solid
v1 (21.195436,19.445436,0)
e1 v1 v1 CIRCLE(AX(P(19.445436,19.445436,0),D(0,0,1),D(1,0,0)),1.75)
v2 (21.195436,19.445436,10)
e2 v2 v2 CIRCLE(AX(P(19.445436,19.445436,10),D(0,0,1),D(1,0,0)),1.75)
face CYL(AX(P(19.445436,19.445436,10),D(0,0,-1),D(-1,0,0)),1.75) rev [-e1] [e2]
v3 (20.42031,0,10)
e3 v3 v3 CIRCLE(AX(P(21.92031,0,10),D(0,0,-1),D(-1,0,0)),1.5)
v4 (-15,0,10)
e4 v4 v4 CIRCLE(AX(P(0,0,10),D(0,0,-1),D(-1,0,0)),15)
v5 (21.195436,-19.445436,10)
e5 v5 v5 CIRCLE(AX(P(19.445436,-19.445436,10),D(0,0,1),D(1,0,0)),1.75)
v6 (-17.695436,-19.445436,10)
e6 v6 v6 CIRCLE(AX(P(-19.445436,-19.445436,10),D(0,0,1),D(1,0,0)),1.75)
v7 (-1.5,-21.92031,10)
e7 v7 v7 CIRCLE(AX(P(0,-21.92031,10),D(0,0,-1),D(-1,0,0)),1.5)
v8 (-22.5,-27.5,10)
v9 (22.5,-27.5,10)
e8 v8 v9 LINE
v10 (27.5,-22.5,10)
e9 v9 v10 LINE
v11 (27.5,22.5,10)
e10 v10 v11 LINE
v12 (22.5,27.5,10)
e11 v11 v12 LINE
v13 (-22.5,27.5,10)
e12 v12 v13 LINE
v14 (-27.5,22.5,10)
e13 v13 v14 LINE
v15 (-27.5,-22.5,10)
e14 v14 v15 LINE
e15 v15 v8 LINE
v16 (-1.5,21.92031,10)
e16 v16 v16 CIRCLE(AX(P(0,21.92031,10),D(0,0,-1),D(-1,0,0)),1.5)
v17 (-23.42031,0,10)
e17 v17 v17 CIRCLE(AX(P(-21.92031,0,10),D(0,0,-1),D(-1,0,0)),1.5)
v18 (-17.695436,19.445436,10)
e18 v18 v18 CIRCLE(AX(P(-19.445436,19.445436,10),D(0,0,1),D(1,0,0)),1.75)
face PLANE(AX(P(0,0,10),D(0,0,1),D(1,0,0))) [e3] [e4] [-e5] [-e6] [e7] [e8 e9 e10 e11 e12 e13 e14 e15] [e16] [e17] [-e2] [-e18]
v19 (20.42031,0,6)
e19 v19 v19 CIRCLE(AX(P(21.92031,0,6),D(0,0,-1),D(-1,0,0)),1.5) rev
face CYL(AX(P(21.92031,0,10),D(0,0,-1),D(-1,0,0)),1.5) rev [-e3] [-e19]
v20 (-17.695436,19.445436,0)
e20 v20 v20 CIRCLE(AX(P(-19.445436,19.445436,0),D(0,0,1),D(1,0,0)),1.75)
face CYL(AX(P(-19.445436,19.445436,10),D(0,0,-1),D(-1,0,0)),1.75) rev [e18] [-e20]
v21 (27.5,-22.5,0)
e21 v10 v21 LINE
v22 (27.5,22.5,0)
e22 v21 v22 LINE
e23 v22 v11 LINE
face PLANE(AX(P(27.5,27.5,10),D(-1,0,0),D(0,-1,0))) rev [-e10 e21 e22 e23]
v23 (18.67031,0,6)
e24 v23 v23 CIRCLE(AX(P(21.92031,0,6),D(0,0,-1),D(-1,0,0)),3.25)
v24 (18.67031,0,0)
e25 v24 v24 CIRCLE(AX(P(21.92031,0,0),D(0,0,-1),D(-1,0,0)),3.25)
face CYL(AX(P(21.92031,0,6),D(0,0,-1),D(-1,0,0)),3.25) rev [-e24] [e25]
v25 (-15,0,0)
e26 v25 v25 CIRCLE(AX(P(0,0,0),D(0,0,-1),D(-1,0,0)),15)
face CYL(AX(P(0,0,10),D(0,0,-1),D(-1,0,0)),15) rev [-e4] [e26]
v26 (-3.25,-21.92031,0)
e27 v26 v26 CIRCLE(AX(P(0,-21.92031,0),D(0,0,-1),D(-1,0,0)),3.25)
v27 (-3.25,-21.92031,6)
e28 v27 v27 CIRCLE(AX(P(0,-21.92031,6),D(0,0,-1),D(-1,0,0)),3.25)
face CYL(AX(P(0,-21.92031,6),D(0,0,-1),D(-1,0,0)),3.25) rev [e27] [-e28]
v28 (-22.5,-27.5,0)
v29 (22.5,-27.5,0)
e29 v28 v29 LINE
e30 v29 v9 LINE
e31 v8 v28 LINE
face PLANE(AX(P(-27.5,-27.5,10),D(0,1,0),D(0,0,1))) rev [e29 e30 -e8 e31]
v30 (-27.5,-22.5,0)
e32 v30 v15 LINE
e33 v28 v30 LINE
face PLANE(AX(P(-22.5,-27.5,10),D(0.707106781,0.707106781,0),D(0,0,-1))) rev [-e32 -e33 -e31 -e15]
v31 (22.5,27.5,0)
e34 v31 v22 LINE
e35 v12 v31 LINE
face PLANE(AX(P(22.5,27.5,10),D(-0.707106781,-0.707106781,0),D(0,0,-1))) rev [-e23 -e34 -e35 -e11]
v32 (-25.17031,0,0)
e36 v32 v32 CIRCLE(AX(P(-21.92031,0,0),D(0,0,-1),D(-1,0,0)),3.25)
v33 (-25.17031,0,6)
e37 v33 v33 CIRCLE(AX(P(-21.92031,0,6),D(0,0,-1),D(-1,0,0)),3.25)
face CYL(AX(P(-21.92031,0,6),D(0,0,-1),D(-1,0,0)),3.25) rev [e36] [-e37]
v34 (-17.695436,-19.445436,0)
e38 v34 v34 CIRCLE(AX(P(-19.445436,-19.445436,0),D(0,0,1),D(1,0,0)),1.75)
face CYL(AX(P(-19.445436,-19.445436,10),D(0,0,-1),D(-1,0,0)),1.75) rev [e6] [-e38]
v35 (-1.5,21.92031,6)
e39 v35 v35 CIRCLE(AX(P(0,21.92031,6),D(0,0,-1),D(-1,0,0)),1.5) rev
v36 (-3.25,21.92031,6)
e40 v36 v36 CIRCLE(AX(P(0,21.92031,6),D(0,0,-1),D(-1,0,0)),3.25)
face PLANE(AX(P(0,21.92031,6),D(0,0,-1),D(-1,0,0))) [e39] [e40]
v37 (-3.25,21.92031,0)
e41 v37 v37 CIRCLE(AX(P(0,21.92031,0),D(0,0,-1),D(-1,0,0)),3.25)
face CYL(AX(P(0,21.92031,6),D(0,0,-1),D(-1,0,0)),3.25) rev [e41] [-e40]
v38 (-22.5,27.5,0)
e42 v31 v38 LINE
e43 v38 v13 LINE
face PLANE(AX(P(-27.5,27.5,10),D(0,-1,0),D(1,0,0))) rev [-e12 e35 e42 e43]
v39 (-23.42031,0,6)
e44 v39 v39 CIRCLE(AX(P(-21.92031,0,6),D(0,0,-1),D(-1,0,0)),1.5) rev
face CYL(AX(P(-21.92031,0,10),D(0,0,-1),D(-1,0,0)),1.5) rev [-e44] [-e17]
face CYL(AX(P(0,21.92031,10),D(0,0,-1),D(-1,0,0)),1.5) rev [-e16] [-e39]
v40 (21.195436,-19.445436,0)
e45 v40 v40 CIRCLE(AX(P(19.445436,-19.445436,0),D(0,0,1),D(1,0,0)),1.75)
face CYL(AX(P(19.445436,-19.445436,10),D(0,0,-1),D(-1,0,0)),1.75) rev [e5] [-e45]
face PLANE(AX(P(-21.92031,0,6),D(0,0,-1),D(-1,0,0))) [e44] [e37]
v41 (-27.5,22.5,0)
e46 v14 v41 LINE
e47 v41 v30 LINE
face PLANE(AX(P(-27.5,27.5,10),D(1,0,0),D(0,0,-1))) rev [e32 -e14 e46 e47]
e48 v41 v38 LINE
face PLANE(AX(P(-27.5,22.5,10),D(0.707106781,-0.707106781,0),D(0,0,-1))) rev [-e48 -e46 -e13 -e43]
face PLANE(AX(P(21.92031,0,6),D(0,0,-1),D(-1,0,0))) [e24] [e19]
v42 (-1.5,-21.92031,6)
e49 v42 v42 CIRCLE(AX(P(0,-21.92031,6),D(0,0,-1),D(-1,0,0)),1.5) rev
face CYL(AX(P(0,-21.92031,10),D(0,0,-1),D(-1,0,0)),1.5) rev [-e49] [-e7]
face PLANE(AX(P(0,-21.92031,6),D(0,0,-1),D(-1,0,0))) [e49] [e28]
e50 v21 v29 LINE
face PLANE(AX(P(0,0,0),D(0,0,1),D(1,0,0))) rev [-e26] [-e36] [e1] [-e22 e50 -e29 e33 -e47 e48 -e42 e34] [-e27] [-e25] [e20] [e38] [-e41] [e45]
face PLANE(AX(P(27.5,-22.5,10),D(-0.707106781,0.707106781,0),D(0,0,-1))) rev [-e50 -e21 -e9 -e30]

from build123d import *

# Parameters (mm, degrees)
SKETCH1_W           = 55
SKETCH1_H           = 55
SKETCH1_R           = 1.75
BOSS_EXTRUDE1_DEPTH = 10
SKETCH2_R           = 15
CUT_EXTRUDE1_DEPTH  = 41.155946011
SKETCH3_R           = 1.5
CUT_EXTRUDE2_DEPTH  = 41.155946011
SKETCH4_R           = 3.25
CUT_EXTRUDE3_DEPTH  = 6
CHAMFER1_SIZE       = 5


with BuildPart() as part:
    # Sketch1 → Boss-Extrude1 (new body)
    with BuildSketch(Plane.XY):
        Rectangle(SKETCH1_W, SKETCH1_H)
        with Locations((19.445436483, 19.445436483)):
            Circle(SKETCH1_R, mode=Mode.SUBTRACT)
        with Locations((-19.445436483, 19.445436483)):
            Circle(SKETCH1_R, mode=Mode.SUBTRACT)
        with Locations((-19.445436483, -19.445436483)):
            Circle(SKETCH1_R, mode=Mode.SUBTRACT)
        with Locations((19.445436483, -19.445436483)):
            Circle(SKETCH1_R, mode=Mode.SUBTRACT)
    extrude(amount=BOSS_EXTRUDE1_DEPTH)

    # Sketch2 → Cut-Extrude1 (cut, through all)
    with BuildSketch(Plane(origin=(0, 0, 0), x_dir=(-1, 0, 0), z_dir=(0, 0, -1))):
        Circle(SKETCH2_R)
    extrude(amount=-CUT_EXTRUDE1_DEPTH, mode=Mode.SUBTRACT)

    # Sketch3 → Cut-Extrude2 (cut, through all)
    with BuildSketch(Plane(origin=(0, 0, 0), x_dir=(-1, 0, 0), z_dir=(0, 0, -1))):
        with Locations((0, 21.920310217)):
            Circle(SKETCH3_R)
        with Locations((21.920310217, 0)):
            Circle(SKETCH3_R)
        with Locations((0, -21.920310217)):
            Circle(SKETCH3_R)
        with Locations((-21.920310217, 0)):
            Circle(SKETCH3_R)
    extrude(amount=-CUT_EXTRUDE2_DEPTH, mode=Mode.SUBTRACT)

    # Sketch4 → Cut-Extrude3 (cut)
    with BuildSketch(Plane(origin=(0, 0, 0), x_dir=(-1, 0, 0), z_dir=(0, 0, -1))):
        with Locations((0, 21.920310217)):
            Circle(SKETCH4_R)
        with Locations((21.920310217, 0)):
            Circle(SKETCH4_R)
        with Locations((0, -21.920310217)):
            Circle(SKETCH4_R)
        with Locations((-21.920310217, 0)):
            Circle(SKETCH4_R)
    extrude(amount=-CUT_EXTRUDE3_DEPTH, mode=Mode.SUBTRACT)

    # Chamfer1
    chamfer1_edges = [part.edges().sort_by_distance(p)[0] for p in [
        (27.5, -27.5, 5),
        (-27.5, -27.5, 5),
        (-27.5, 27.5, 5),
        (27.5, 27.5, 5),
    ]]
    chamfer(chamfer1_edges, length=CHAMFER1_SIZE)


solid = part.part
